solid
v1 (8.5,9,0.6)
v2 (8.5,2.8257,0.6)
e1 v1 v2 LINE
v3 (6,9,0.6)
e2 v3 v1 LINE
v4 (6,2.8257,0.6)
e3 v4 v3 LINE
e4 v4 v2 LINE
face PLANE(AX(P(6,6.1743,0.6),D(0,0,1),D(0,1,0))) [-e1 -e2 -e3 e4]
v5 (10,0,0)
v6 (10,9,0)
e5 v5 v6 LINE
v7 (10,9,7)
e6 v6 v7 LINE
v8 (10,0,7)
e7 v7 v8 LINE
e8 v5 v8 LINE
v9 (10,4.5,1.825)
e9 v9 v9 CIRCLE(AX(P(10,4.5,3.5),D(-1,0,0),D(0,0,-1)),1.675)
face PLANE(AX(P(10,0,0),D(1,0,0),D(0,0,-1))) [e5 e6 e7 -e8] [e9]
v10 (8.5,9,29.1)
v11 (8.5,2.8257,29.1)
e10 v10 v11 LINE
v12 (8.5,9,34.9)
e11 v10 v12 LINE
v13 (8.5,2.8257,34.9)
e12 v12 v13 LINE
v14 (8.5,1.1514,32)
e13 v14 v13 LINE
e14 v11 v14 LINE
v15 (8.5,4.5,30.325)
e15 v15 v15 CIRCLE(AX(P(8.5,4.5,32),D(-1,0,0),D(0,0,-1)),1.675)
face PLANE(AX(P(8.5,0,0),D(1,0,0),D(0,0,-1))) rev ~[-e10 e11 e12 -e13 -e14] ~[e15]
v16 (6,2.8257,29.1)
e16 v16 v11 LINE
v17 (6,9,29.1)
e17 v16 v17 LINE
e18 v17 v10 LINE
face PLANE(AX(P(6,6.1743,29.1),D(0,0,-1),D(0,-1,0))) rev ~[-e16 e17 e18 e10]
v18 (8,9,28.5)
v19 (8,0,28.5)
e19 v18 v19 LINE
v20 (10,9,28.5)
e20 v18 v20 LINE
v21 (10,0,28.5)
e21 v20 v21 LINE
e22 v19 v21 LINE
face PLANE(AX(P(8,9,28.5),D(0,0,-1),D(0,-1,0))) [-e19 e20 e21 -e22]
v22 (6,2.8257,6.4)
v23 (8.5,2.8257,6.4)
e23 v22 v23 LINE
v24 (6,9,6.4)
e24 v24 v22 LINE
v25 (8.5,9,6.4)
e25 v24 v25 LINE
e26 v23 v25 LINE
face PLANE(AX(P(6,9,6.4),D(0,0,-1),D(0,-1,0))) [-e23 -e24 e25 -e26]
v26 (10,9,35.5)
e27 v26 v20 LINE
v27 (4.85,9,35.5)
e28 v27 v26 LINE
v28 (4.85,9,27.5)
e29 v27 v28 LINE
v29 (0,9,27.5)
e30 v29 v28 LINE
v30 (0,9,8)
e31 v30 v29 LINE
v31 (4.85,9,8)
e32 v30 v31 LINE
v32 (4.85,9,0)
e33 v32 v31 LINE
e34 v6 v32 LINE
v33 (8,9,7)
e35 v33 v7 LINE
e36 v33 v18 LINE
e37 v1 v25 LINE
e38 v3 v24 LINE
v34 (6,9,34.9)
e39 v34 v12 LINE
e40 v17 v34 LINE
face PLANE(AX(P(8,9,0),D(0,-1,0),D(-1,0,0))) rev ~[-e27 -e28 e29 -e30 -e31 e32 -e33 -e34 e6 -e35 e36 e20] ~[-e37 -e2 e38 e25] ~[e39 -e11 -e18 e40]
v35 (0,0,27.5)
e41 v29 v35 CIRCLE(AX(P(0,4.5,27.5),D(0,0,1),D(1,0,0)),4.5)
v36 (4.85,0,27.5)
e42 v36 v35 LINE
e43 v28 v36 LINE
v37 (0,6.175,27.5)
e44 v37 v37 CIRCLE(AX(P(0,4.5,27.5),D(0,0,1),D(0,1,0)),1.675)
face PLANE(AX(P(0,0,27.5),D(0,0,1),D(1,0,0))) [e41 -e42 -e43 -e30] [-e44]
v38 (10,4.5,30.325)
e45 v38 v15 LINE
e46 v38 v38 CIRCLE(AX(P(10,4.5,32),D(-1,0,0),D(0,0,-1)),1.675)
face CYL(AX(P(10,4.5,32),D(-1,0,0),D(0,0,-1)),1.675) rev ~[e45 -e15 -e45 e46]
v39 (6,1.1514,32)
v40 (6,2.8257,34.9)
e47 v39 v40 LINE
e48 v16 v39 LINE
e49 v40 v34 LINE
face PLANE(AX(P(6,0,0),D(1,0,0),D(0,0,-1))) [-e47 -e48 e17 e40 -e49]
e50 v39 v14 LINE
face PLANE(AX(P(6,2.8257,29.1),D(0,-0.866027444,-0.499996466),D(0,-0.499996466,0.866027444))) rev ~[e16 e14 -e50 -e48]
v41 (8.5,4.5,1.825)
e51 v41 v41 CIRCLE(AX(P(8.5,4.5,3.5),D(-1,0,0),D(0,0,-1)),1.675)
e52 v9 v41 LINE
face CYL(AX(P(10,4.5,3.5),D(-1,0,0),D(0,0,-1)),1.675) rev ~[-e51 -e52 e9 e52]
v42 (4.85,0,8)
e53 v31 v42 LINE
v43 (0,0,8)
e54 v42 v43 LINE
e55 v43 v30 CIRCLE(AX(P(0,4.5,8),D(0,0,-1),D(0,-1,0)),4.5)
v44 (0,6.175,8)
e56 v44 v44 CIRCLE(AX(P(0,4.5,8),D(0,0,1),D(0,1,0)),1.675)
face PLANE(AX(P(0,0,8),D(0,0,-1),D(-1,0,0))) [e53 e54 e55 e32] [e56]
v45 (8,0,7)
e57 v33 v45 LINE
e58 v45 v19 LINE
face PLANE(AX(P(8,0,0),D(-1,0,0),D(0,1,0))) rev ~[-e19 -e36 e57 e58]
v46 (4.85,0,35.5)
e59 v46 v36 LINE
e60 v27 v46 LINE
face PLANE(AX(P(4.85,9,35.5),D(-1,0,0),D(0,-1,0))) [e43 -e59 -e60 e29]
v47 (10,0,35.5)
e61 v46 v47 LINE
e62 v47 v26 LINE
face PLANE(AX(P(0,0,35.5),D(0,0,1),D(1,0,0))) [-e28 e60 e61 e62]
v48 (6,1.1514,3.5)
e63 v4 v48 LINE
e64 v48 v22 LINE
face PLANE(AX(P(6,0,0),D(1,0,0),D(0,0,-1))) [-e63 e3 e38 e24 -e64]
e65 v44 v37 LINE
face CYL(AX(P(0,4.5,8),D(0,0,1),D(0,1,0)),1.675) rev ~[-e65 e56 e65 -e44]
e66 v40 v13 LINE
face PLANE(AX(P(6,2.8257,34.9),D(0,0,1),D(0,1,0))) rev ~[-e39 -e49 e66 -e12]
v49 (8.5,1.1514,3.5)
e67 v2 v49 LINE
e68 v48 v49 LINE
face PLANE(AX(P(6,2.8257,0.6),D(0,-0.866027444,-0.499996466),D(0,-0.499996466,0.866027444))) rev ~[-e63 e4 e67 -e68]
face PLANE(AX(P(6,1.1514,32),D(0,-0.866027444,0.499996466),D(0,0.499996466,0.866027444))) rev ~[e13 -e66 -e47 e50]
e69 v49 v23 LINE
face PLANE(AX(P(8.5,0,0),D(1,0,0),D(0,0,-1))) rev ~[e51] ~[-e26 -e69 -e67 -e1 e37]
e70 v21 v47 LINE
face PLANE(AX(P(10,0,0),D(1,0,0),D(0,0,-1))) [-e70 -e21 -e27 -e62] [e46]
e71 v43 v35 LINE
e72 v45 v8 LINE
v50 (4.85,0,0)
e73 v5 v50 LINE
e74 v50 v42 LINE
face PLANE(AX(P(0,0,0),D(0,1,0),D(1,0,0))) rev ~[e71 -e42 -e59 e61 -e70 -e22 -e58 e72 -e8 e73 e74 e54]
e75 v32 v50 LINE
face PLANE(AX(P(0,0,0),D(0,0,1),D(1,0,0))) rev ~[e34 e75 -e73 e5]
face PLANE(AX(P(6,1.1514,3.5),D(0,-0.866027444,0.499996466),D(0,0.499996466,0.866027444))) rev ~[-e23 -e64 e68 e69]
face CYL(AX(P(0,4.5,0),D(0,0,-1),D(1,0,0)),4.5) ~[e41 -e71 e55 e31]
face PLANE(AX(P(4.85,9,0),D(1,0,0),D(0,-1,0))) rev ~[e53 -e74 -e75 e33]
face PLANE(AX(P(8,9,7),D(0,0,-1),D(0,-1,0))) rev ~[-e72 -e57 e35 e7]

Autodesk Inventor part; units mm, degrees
ref_plane "YZ Plane" through (0, 0, 0) normal (1, 0, 0) x (0, 1, 0)
ref_plane "XZ Plane" through (0, 0, 0) normal (0, 1, 0) x (-1, 0, 0)
ref_plane "XY Plane" through (0, 0, 0) normal (0, 0, 1) x (1, 0, 0)
sketch "Эскиз1" plane through (0, 0, 0) normal (0, 0, 1) x (1, 0, 0)
  line L0 (0, 0) -> (8, 0)
  line L1 (8, 0) -> (8, 9)
  line L2 (8, 9) -> (0, 9)
  line L3 (0, 9) -> (0, 0)
  circle A0 centre (0, 4.5) radius 4.5
  dimension "d0" = 8
  dimension "d1" = 9
extrude "Выдавливание1" add sketch "Эскиз1" along normal blind 35.5
sketch "Эскиз2" plane through (8, 0, 0) normal (1, 0, 0) x (0, 0, -1)
  line L0 (-35.5, 0) -> (-35.5, 9) projected
  line L1 (0, 0) -> (-35.5, 0) projected
  line L2 (-35.5, 9) -> (-28.5, 9)
  line L3 (-28.5, 9) -> (-28.5, 0)
  line L4 (-28.5, 0) -> (-35.5, 0)
  line L5 (-35.5, 0) -> (-35.5, 9)
  line L6 (0, 0) -> (0, 9) projected
  line L7 (0, 9) -> (-7, 9)
  line L8 (-7, 9) -> (-7, 0)
  line L9 (-7, 0) -> (0, 0)
  line L10 (0, 0) -> (0, 9)
  dimension "d4" = 7
  dimension "d5" = 7
extrude "Выдавливание2" add sketch "Эскиз2" along normal blind 2
sketch "Эскиз3" plane through (10, 0, 0) normal (1, 0, 0) x (0, 0, -1)
  line L0 (-35.5, 9) -> (-35.5, 0) projected
  line L1 (-35.5, 4.5) -> (-28.5, 4.5)
  line L2 (-28.5, 0) -> (-28.5, 9) projected
  line L3 (-7, 9) -> (-7, 0) projected
  line L4 (-7, 4.5) -> (0, 4.5)
  line L5 (0, 9) -> (0, 0) projected
  point P0 (-32, 4.5)
  point P1 (-3.5, 4.5)
hole "Отверстие1" at (10, 4.5, 32) at (10, 4.5, 3.5) direction (-1, 0, 0) diameter 3.35 depth 4
sketch "Эскиз4" plane through (10, 0, 0) normal (1, 0, 0) x (0, 0, -1)
  circle A0 centre (-32, 4.5) radius 1.675 projected
  line L0 (-34.9, 6.1743) -> (-32, 7.8486)
  line L1 (-32, 7.8486) -> (-29.1, 6.1743)
  line L2 (-29.1, 6.1743) -> (-29.1, 2.8257)
  line L3 (-29.1, 2.8257) -> (-32, 1.1514)
  line L4 (-32, 1.1514) -> (-34.9, 2.8257)
  line L5 (-34.9, 2.8257) -> (-34.9, 6.1743)
  circle A1 centre (-3.5, 4.5) radius 1.675 projected
  line L6 (-6.4, 6.1743) -> (-3.5, 7.8486)
  line L7 (-3.5, 7.8486) -> (-0.6, 6.1743)
  line L8 (-0.6, 6.1743) -> (-0.6, 2.8257)
  line L9 (-0.6, 2.8257) -> (-3.5, 1.1514)
  line L10 (-3.5, 1.1514) -> (-6.4, 2.8257)
  line L11 (-6.4, 2.8257) -> (-6.4, 6.1743)
  line L12 (0, 9) -> (-35.5, 9) projected
  line L13 (-6.4, 6.1743) -> (-0.6, 6.1743)
  line L14 (-0.6, 6.1743) -> (-0.6, 9)
  line L15 (-0.6, 9) -> (-6.4, 9)
  line L16 (-6.4, 9) -> (-6.4, 6.1743)
  line L17 (-29.1, 6.1743) -> (-34.9, 6.1743)
  line L18 (-34.9, 6.1743) -> (-34.9, 9)
  line L19 (-34.9, 9) -> (-29.1, 9)
  line L20 (-29.1, 9) -> (-29.1, 6.1743)
  point P0 (0, 0)
  dimension "d15" = 5.8
  dimension "d16" = 5.8
extrude "Выдавливание3" cut sketch "Эскиз4" along normal blind 2.5 from surface at -4
sketch "Эскиз5" plane through (0, 0, 35.5) normal (0, 0, 1) x (1, 0, 0)
  line L0 (0, 9) -> (10, 9) projected
  circle A0 centre (0, 4.5) radius 4.5
  arc A1 (0, 9) -> (0, 0) centre (0, 4.5) ccw projected
  line L1 (0, 9) -> (4.85, 9)
  line L2 (4.85, 9) -> (4.85, 0)
  line L3 (4.85, 0) -> (0, 0)
  line L4 (0, 0) -> (0, 9)
  point P0 (0, 0)
  dimension "d40" = 9
  dimension "d41" = 4.85
extrude "Выдавливание4" cut sketch "Эскиз5" against normal blind 8
sketch "Эскиз6" plane through (0, 0, 0) normal (0, 0, -1) x (-1, 0, 0)
  circle A0 centre (0, 4.5) radius 4.5
  line L0 (0, 9) -> (-10, 9) projected
  line L1 (0, 9) -> (-4.85, 9)
  line L2 (-4.85, 9) -> (-4.85, 0)
  line L3 (-4.85, 0) -> (0, 0)
  line L4 (0, 0) -> (0, 9)
  point P0 (0, 0)
  dimension "d42" = 9
  dimension "d43" = 4.85
extrude "Выдавливание5" cut sketch "Эскиз6" against normal blind 8
sketch "Эскиз7" plane through (0, 0, 8) normal (0, 0, -1) x (-1, 0, 0)
  arc A0 (0, 0) -> (0, 9) centre (0, 4.5) ccw projected
hole "Отверстие2" at (0, 4.5, 8) direction (0, 0, 1) diameter 3.35 end through all
equation "\"d16\" = d15"
properties part number "Крепление Open MV"
